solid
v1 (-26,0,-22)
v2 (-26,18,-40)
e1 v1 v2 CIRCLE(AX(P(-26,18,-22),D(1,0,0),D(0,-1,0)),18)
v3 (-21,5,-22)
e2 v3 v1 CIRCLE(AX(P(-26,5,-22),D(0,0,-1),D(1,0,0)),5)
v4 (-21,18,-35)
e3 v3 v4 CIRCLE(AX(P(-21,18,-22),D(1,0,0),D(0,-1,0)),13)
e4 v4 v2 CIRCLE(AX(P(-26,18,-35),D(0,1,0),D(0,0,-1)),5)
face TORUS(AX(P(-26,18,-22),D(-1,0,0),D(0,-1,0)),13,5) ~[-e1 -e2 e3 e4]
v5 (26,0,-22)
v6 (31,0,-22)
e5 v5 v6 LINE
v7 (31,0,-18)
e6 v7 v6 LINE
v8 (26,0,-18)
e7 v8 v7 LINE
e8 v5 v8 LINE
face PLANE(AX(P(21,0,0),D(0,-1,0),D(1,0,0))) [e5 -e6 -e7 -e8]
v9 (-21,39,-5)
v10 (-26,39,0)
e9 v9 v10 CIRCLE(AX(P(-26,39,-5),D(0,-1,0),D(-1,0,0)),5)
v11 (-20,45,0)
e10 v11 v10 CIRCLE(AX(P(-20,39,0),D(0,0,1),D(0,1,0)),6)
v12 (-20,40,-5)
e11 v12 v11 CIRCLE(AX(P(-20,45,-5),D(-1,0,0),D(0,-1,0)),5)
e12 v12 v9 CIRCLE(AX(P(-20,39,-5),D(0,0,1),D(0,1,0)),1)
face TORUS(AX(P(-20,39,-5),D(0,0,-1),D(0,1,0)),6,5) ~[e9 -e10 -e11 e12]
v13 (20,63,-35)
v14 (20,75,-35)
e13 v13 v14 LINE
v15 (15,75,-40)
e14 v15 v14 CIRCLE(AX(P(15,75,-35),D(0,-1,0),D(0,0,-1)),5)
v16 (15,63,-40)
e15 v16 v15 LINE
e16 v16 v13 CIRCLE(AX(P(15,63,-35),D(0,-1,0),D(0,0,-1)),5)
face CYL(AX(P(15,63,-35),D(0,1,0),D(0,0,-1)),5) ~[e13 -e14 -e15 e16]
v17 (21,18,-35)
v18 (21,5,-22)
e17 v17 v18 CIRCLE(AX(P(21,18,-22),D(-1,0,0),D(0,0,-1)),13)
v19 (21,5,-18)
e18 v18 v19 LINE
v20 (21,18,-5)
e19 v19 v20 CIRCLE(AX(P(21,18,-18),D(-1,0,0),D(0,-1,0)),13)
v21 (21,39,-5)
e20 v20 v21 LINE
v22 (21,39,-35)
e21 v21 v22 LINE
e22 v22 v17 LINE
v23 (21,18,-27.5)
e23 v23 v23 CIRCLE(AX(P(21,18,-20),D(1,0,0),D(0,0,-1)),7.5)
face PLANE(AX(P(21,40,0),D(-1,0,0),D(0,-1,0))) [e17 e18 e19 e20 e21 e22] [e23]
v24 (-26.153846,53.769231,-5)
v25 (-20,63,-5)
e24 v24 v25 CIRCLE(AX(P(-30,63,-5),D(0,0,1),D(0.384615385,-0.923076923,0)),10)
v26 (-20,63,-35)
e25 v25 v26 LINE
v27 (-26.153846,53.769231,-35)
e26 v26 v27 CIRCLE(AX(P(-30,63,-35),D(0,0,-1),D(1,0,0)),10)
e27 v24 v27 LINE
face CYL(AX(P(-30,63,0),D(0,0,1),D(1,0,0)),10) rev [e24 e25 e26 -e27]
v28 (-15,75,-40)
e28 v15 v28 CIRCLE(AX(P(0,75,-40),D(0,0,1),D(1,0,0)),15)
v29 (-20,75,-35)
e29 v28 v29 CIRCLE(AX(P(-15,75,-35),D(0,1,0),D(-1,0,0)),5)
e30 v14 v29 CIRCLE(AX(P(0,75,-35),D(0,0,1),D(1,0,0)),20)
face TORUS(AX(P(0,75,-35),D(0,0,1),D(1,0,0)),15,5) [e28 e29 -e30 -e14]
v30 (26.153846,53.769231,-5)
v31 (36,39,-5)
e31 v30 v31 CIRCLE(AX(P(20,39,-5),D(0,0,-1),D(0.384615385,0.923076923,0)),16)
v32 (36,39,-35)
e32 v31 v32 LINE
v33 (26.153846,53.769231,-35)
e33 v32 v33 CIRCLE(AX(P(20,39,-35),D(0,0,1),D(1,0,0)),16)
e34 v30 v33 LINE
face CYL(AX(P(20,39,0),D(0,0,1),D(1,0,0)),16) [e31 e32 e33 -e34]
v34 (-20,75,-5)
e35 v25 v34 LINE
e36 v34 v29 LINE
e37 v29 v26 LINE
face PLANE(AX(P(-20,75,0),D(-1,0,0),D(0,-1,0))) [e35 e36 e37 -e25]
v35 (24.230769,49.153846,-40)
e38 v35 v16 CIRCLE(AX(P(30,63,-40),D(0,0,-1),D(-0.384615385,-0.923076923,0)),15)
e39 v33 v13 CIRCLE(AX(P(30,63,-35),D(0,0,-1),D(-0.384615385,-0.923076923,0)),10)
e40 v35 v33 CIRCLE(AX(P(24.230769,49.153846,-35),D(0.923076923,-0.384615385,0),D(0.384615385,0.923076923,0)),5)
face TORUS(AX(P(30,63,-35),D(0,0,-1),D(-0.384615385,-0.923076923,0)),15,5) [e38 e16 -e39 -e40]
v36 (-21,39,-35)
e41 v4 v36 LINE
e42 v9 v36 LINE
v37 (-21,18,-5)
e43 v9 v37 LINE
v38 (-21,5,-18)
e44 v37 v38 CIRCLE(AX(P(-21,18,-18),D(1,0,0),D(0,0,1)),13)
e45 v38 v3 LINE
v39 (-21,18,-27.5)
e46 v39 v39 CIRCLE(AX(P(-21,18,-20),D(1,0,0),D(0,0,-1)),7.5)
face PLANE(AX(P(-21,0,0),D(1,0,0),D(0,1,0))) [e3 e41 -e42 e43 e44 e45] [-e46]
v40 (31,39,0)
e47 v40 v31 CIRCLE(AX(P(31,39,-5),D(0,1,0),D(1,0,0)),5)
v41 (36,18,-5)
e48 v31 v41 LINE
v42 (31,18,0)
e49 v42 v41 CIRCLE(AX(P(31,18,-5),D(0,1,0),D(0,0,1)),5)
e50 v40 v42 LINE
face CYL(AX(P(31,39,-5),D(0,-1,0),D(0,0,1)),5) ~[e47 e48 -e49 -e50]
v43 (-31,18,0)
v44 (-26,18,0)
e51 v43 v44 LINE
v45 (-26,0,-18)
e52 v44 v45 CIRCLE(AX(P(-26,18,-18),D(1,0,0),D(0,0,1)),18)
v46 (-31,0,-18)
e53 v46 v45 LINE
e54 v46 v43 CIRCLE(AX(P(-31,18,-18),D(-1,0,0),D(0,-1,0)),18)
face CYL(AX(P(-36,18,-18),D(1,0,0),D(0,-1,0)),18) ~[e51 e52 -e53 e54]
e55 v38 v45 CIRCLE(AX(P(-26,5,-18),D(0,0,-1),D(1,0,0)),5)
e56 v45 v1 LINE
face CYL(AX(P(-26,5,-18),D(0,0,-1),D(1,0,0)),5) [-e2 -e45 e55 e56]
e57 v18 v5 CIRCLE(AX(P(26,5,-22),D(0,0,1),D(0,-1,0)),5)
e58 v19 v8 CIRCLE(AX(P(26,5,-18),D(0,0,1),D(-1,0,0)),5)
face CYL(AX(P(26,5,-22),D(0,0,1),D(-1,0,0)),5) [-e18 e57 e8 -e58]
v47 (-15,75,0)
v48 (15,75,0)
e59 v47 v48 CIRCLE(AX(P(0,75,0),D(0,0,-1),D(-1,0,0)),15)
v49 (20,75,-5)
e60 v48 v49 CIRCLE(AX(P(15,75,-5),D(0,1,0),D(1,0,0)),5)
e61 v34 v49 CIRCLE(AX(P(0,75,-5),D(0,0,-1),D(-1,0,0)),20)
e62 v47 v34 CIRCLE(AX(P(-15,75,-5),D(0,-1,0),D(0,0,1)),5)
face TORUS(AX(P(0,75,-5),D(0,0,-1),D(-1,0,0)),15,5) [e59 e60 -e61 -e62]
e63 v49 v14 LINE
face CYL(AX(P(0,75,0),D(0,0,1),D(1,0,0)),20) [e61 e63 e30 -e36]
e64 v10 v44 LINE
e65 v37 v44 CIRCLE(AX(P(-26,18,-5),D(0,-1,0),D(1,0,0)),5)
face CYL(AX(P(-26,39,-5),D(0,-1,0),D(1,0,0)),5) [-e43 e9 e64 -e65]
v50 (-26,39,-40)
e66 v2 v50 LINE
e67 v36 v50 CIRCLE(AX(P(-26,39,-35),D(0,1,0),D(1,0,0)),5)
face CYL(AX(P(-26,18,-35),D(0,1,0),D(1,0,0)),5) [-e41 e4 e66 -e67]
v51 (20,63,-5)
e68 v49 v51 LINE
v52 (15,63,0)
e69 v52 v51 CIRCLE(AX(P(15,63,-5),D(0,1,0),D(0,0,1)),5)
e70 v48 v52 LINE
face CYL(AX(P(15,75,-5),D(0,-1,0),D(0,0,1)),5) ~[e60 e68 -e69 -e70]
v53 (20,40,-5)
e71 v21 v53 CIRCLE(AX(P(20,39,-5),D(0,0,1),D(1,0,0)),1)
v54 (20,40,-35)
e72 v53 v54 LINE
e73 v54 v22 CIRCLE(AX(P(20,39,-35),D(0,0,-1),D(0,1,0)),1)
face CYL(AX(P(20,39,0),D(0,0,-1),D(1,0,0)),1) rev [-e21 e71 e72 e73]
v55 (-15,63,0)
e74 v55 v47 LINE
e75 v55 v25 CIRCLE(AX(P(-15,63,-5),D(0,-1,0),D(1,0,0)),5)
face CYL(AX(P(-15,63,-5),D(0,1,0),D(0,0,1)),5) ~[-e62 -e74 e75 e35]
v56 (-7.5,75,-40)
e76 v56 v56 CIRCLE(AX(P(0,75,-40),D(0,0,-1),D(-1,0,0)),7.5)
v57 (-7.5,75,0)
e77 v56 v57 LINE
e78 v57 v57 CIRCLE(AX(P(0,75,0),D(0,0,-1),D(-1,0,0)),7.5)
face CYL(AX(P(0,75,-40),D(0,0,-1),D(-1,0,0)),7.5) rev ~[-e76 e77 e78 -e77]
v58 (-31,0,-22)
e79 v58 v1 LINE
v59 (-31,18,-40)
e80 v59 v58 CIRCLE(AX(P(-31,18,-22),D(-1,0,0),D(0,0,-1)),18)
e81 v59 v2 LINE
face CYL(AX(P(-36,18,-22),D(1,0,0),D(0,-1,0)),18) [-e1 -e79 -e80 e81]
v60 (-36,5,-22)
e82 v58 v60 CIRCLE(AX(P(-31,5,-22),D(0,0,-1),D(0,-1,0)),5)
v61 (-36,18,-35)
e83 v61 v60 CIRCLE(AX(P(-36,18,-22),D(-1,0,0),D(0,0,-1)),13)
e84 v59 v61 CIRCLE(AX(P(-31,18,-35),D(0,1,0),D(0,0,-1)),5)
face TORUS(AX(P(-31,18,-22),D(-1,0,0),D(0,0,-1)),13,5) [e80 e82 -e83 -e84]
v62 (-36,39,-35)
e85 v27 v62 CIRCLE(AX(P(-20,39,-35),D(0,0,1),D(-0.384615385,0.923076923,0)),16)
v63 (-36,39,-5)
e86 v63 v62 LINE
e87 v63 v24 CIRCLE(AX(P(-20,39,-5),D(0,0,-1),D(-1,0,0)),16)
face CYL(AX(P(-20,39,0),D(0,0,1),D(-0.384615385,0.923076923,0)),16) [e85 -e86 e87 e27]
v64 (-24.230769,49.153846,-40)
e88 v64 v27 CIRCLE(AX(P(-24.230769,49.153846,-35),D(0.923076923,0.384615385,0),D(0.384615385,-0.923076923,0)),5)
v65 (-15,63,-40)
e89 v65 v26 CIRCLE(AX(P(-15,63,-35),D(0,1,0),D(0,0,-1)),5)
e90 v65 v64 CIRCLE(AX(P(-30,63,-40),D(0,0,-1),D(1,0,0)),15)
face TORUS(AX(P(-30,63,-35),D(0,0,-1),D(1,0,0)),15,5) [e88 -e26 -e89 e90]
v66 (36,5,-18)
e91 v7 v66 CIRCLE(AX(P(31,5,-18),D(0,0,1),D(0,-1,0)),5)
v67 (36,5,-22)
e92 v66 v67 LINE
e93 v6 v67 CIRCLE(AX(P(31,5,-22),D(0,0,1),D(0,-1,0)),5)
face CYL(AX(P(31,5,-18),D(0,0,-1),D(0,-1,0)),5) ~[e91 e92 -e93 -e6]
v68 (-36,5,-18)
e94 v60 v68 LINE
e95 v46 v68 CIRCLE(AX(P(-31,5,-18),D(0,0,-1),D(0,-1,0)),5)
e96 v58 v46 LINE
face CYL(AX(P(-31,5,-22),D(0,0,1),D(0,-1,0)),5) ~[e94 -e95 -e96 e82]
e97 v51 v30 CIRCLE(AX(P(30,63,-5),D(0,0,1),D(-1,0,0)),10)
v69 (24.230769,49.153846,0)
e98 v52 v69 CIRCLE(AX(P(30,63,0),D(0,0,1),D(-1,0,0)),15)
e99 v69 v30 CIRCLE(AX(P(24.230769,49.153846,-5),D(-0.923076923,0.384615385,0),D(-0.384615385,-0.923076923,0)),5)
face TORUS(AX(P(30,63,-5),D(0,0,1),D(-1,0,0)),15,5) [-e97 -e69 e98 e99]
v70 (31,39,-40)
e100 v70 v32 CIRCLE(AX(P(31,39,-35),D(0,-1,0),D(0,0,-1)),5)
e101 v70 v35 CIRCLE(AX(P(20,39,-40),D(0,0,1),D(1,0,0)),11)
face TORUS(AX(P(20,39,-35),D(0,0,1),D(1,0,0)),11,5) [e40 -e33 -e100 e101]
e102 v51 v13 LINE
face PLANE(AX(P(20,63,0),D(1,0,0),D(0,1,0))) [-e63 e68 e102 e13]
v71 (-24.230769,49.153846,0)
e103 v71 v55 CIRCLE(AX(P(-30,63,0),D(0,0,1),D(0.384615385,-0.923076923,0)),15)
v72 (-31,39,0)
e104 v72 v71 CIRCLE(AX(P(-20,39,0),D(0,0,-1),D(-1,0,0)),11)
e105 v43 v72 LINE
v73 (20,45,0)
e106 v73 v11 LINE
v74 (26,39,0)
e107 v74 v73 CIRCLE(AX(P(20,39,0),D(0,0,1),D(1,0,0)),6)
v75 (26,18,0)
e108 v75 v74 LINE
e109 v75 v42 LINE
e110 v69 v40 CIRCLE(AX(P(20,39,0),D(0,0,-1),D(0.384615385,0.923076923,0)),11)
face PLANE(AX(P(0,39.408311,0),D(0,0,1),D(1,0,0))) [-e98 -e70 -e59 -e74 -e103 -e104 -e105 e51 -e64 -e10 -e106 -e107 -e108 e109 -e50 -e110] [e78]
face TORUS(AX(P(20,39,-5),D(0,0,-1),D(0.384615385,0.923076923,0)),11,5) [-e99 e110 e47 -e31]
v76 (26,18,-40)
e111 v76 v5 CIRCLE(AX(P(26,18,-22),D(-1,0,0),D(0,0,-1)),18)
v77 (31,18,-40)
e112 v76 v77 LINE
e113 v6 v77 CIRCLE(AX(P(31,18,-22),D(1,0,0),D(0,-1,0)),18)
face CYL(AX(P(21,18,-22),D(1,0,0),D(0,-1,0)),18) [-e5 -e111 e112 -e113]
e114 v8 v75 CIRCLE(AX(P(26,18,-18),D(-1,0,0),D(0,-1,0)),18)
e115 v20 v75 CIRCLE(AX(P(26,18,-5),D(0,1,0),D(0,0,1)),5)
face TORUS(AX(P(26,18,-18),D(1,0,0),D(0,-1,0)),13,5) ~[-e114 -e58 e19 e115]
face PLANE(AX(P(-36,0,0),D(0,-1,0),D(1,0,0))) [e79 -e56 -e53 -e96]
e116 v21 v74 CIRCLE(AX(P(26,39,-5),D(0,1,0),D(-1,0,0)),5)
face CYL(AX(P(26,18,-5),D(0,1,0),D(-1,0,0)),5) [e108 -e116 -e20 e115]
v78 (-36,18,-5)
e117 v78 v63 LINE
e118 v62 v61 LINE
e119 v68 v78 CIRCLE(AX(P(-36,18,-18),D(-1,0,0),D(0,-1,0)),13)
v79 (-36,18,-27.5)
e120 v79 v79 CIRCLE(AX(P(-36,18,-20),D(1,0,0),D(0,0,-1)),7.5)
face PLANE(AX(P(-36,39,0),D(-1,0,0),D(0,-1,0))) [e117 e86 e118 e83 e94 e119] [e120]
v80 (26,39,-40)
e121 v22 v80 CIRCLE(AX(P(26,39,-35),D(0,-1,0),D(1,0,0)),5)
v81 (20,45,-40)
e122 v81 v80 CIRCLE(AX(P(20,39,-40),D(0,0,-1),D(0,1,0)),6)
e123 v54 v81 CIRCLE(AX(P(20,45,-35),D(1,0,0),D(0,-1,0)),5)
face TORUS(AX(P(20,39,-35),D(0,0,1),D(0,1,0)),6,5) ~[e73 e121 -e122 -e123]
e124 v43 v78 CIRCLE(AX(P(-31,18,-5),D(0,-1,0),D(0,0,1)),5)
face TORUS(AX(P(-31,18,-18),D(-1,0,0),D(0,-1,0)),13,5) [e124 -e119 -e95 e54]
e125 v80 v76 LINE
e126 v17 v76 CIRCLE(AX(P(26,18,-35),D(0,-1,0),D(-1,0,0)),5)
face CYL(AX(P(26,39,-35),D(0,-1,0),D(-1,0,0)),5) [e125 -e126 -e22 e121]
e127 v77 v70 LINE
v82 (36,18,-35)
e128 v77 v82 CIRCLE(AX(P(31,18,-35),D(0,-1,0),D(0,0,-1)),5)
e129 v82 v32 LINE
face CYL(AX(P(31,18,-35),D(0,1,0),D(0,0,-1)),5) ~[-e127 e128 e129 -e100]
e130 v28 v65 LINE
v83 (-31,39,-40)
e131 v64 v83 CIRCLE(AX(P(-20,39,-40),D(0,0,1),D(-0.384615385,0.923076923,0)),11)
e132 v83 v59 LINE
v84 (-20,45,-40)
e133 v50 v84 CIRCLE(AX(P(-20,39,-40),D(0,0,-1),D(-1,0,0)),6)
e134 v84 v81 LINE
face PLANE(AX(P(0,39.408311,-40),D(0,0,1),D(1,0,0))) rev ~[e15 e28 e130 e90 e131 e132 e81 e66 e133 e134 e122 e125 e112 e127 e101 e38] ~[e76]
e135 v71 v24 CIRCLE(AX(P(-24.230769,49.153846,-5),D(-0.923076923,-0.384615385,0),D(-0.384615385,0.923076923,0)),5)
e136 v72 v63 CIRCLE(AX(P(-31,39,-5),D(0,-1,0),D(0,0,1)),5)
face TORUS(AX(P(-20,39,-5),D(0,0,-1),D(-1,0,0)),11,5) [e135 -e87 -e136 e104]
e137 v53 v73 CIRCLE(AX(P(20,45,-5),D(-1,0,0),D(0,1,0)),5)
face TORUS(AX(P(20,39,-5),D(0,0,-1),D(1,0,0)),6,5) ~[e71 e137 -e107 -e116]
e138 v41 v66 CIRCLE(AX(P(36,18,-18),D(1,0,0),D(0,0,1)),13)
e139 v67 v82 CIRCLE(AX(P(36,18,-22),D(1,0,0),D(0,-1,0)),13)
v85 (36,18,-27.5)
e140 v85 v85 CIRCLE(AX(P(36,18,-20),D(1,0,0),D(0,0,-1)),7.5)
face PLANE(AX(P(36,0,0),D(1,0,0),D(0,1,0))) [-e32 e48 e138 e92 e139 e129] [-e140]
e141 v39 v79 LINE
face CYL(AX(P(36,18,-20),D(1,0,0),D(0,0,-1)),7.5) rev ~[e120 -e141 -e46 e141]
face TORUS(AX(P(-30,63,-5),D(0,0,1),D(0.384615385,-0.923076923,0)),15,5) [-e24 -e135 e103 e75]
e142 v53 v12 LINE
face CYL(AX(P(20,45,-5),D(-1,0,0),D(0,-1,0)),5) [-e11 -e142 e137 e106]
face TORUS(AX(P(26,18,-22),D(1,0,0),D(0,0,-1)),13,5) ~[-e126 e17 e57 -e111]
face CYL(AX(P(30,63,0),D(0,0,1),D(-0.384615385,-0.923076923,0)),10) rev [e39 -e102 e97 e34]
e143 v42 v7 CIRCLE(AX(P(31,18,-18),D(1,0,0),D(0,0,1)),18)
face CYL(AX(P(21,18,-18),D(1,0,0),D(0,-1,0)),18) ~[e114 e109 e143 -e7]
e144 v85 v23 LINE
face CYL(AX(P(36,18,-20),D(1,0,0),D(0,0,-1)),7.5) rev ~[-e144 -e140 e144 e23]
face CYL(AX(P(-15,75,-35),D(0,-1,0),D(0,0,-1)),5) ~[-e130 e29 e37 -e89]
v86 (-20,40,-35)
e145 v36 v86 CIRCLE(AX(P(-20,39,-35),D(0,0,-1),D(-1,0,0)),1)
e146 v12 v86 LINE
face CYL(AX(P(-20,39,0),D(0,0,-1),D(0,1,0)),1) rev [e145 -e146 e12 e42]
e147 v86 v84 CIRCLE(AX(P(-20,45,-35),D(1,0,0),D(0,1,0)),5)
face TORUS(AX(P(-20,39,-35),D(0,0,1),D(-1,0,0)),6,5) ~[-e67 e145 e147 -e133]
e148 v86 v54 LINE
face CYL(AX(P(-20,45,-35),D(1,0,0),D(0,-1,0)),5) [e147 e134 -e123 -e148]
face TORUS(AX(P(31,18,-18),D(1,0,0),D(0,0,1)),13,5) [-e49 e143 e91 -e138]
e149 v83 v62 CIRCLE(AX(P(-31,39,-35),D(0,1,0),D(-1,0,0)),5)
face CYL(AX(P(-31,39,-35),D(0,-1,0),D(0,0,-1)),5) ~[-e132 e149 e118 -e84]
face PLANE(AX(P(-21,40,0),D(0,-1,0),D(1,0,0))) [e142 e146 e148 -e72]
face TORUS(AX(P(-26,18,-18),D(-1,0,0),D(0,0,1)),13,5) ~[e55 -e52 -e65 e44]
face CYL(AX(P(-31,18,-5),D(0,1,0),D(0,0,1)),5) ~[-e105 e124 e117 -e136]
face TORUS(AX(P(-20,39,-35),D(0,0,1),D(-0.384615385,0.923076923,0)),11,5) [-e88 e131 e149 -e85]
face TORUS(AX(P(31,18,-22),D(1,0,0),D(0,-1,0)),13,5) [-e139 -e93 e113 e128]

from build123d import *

# Parameters (mm, degrees)
BOSS_EXTRUDE2_DEPTH = 40
FILLET4_R           = 18
SKETCH8_R           = 7.5
CUT_EXTRUDE3_DEPTH  = 73
SKETCH9_R           = 7.5
CUT_EXTRUDE4_DEPTH  = 41
FILLET5_R           = 1
FILLET6_R           = 5


with BuildPart() as part:
    # Sketch7 → Boss-Extrude2 (new body)
    with BuildSketch(Plane.XY):
        with BuildLine():
            Line((-21, 40), (21, 40))
            Line((21, 40), (21, 0))
            Line((21, 0), (36, 0))
            Line((36, 0), (36, 39))
            ThreePointArc((36, 39), (33.312804709, 47.87520314), (26.153846154, 53.769230769))
            ThreePointArc((26.153846154, 53.769230769), (21.679497057, 57.452998038), (20, 63))
            Line((20, 63), (20, 75))
            ThreePointArc((20, 75), (0, 95), (-20, 75))
            Line((-20, 75), (-20, 63))
            ThreePointArc((-20, 63), (-21.679497057, 57.452998038), (-26.153846154, 53.769230769))
            ThreePointArc((-26.153846154, 53.769230769), (-33.312804709, 47.87520314), (-36, 39))
            Line((-36, 39), (-36, 0))
            Line((-36, 0), (-21, 0))
            Line((-21, 0), (-21, 40))
        make_face()
    extrude(amount=-BOSS_EXTRUDE2_DEPTH)

    # Fillet4
    fillet4_edges = [part.edges().sort_by_distance(p)[0] for p in [
        (28.5, 0, 0),
        (-28.5, 0, 0),
        (-28.5, 0, -40),
        (28.5, 0, -40),
    ]]
    fillet(fillet4_edges, radius=FILLET4_R)

    # Sketch8 → Cut-Extrude3 (cut, through all)
    with BuildSketch(Plane(origin=(36, 0, 0), x_dir=(0, 0, -1), z_dir=(1, 0, 0))):
        with Locations((20, 18)):
            Circle(SKETCH8_R)
    extrude(amount=-CUT_EXTRUDE3_DEPTH, mode=Mode.SUBTRACT)

    # Sketch9 → Cut-Extrude4 (cut, through all)
    with BuildSketch(Plane(origin=(0, 0, -40), x_dir=(-1, 0, 0), z_dir=(0, 0, -1))):
        with Locations((0, 75)):
            Circle(SKETCH9_R)
    extrude(amount=-CUT_EXTRUDE4_DEPTH, mode=Mode.SUBTRACT)

    # Fillet5
    fillet5_edges = [part.edges().sort_by_distance(p)[0] for p in [
        (21, 40, -20),
        (-21, 40, -20),
    ]]
    fillet(fillet5_edges, radius=FILLET5_R)

    # Fillet6
    fillet6_edges = [part.edges().sort_by_distance(p)[0] for p in [
        (20, 69, -40),
        (0, 95, -40),
        (-36, 28.5, 0),
        (-33.312804709, 47.87520314, 0),
        (-21.679497057, 57.452998038, 0),
        (-20, 69, -40),
        (-20, 69, 0),
        (0, 95, 0),
        (20, 69, 0),
        (21.679497057, 57.452998038, 0),
        (33.312804709, 47.87520314, 0),
        (-21.679497057, 57.452998038, -40),
        (-33.312804709, 47.87520314, -40),
        (-36, 28.5, -40),
        (33.312804709, 47.87520314, -40),
        (-36, 0, -20),
        (-21, 0, -20),
        (-21, 28.5, 0),
        (-21, 28.5, -40),
        (-21, 5.272077939, -5.272077939),
        (-21, 5.272077939, -34.727922061),
        (36, 28.5, -40),
        (-36, 5.272077939, -5.272077939),
        (-36, 5.272077939, -34.727922061),
        (21, 0, -20),
        (36, 0, -20),
        (36, 28.5, 0),
        (36, 5.272077939, -5.272077939),
        (36, 5.272077939, -34.727922061),
        (21, 5.272077939, -5.272077939),
        (21, 5.272077939, -34.727922061),
        (21.679497057, 57.452998038, -40),
        (0, 40, 0),
        (0, 40, -40),
        (21, 28.5, -40),
        (21, 28.5, 0),
        (-20.707106781, 39.707106781, 0),
        (-20.707106781, 39.707106781, -40),
        (20.707106781, 39.707106781, 0),
        (20.707106781, 39.707106781, -40),
    ]]
    fillet(fillet6_edges, radius=FILLET6_R)


solid = part.part
